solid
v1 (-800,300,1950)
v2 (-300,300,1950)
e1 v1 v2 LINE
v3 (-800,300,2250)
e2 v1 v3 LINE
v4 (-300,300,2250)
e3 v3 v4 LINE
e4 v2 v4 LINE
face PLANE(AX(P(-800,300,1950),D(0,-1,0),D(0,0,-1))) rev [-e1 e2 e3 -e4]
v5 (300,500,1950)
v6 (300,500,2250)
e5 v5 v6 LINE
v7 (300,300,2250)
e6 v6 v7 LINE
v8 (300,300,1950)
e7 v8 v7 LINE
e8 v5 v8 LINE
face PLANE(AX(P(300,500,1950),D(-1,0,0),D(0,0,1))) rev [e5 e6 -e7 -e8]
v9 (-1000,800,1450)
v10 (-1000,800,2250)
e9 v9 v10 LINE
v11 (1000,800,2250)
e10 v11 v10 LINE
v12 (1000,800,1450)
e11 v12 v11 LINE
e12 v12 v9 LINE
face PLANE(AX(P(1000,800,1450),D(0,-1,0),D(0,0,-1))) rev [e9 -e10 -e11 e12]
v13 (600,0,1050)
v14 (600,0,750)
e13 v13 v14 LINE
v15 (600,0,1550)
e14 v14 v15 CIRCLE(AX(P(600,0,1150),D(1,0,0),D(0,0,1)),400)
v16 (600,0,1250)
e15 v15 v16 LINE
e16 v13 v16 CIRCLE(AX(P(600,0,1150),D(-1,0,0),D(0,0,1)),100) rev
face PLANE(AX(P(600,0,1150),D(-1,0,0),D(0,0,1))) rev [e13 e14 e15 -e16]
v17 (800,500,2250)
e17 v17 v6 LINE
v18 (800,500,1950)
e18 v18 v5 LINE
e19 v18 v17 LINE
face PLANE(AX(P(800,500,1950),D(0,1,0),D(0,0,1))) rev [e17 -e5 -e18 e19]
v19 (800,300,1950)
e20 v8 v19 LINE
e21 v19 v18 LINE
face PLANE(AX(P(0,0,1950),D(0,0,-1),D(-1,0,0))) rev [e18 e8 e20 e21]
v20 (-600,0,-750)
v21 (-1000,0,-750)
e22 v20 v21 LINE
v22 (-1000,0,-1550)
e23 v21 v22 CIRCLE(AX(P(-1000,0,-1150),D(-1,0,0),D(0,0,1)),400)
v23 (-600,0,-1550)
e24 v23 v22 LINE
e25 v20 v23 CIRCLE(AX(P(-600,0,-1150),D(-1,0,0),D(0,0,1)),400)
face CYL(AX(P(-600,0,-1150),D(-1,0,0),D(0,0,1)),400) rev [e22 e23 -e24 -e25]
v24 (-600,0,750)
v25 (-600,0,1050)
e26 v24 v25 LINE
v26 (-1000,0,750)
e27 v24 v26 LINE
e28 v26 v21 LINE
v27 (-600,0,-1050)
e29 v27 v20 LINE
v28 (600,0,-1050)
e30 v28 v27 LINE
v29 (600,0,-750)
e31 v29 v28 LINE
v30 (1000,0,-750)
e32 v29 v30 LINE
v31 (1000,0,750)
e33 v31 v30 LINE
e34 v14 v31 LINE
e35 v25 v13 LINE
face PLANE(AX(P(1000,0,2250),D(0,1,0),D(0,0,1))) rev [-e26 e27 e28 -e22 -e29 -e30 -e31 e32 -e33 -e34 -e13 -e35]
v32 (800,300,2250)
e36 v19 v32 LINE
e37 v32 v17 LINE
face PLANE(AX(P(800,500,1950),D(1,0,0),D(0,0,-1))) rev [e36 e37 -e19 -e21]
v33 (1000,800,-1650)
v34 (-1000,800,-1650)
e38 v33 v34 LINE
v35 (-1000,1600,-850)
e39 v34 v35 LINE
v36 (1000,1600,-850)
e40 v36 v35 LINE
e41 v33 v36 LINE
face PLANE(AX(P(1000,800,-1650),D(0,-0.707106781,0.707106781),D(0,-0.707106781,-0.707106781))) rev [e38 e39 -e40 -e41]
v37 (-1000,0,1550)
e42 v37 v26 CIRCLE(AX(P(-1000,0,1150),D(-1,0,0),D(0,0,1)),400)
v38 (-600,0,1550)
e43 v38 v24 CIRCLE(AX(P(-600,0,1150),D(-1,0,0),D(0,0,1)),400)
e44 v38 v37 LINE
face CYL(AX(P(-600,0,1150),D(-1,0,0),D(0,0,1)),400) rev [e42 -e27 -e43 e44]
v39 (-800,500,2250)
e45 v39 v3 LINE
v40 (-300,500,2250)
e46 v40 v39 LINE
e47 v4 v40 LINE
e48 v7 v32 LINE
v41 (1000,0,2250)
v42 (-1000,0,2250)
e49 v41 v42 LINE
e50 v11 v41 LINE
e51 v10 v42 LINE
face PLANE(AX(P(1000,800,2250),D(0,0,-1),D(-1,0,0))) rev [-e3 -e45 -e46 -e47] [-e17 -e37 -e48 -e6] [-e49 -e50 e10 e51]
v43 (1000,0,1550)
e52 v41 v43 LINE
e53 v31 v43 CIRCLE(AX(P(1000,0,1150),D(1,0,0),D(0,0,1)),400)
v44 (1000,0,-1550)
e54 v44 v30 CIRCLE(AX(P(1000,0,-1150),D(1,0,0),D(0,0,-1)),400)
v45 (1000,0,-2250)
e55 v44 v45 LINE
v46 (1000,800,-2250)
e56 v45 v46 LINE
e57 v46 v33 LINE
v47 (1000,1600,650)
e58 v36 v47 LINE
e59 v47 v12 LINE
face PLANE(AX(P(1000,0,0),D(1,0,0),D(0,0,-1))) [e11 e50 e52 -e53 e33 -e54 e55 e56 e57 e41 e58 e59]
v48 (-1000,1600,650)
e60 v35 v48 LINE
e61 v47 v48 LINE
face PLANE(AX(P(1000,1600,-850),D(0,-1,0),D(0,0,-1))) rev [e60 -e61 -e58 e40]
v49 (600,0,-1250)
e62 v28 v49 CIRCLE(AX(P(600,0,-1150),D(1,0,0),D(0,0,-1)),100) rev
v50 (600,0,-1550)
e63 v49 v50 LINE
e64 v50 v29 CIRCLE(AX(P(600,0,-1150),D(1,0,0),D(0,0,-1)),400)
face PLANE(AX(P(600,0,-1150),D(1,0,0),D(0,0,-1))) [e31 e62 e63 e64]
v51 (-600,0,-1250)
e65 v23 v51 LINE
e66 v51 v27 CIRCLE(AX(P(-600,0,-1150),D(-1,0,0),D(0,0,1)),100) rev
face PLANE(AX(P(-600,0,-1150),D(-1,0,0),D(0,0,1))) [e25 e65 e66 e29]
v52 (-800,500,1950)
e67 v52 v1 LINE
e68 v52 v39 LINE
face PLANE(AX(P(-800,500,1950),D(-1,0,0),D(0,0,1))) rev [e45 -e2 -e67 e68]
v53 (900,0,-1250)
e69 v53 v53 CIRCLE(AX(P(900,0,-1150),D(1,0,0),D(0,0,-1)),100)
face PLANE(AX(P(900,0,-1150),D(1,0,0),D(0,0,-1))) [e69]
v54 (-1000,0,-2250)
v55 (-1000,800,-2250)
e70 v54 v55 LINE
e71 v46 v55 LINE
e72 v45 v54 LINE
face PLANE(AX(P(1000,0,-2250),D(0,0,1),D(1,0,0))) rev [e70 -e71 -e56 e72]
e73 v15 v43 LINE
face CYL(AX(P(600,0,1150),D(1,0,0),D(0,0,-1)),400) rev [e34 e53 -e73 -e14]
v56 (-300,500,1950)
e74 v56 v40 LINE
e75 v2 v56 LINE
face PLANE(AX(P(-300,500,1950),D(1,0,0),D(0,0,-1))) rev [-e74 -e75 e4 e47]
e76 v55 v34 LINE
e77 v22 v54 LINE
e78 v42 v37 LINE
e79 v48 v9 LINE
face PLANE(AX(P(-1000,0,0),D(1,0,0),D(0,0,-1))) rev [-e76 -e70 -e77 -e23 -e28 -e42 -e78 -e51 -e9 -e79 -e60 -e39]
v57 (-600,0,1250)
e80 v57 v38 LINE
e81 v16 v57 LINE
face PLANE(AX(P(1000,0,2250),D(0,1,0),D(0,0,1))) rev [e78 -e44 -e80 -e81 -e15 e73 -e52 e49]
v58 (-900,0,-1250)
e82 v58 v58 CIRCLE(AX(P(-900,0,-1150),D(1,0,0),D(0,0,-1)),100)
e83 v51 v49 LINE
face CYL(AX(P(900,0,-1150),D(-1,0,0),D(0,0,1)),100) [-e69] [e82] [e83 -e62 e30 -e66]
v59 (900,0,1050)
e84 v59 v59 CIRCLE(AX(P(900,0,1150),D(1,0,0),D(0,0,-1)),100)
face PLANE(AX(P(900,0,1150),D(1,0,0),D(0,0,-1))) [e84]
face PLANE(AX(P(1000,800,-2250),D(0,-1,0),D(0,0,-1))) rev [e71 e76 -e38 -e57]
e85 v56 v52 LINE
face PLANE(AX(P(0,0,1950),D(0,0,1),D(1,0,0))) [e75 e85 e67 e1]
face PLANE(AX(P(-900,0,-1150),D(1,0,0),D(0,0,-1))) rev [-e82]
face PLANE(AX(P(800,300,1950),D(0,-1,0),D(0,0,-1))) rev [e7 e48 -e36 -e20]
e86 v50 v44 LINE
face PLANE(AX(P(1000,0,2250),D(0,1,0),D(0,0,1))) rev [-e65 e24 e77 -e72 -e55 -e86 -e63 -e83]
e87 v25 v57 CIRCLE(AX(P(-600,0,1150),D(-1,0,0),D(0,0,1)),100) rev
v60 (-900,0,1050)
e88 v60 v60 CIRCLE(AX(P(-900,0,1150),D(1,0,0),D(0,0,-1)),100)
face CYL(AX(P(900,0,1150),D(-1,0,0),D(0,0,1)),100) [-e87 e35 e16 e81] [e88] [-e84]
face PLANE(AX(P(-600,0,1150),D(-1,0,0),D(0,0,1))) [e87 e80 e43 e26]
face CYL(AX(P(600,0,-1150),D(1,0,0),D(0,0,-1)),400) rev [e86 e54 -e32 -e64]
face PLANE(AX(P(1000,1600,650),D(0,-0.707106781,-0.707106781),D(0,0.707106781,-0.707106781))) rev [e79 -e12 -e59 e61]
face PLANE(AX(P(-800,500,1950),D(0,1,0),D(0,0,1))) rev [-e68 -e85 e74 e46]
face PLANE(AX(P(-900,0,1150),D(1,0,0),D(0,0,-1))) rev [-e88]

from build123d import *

# Parameters (mm, degrees)
BOSS_EXTRUDE1_DEPTH = 1000
CUT_EXTRUDE3_DEPTH  = 400
CUT_EXTRUDE4_START  = -400
CUT_EXTRUDE4_DEPTH  = 400
SKETCH7_R           = 100
BOSS_EXTRUDE2_DEPTH = 900
SKETCH8_W           = 500
SKETCH8_H           = 200
CUT_EXTRUDE5_DEPTH  = 300


with BuildPart() as part:
    # Car_Profile → Boss-Extrude1 (new, symmetric)
    with BuildSketch(Plane(origin=(0, 0, 0), x_dir=(0, 0, -1), z_dir=(1, 0, 0))):
        Polygon((2250, 0), (2250, 800), (1650, 800), (850, 1600), (-650, 1600), (-1450, 800), (-2250, 800), (-2250, 0), align=None)
    extrude(amount=BOSS_EXTRUDE1_DEPTH, both=True)

    # Sketch4 → Cut-Extrude3 (cut)
    with BuildSketch(Plane(origin=(1000, 0, 0), x_dir=(0, 0, -1), z_dir=(1, 0, 0))):
        with BuildLine():
            Line((-750, 0), (-1550, 0))
            ThreePointArc((-1550, 0), (-1150, 400), (-750, 0))
        make_face()
        with BuildLine():
            Line((750, 0), (1550, 0))
            ThreePointArc((1550, 0), (1150, 400), (750, 0))
        make_face()
    extrude(amount=-CUT_EXTRUDE3_DEPTH, mode=Mode.SUBTRACT)

    # Sketch6 → Cut-Extrude4 (cut)
    with BuildSketch(Plane.ZY.offset(1000).offset(CUT_EXTRUDE4_START)):
        with BuildLine():
            Line((-750, 0), (-1550, 0))
            ThreePointArc((-1550, 0), (-1150, 400), (-750, 0))
        make_face()
        with BuildLine():
            Line((750, 0), (1550, 0))
            ThreePointArc((1550, 0), (1150, 400), (750, 0))
        make_face()
    extrude(amount=CUT_EXTRUDE4_DEPTH, mode=Mode.SUBTRACT)

    # Sketch7 → Boss-Extrude2 (add, symmetric)
    with BuildSketch(Plane(origin=(0, 0, 0), x_dir=(0, 0, -1), z_dir=(1, 0, 0))):
        with Locations((-1150, 0)):
            Circle(SKETCH7_R)
        with Locations((1150, 0)):
            Circle(SKETCH7_R)
    extrude(amount=BOSS_EXTRUDE2_DEPTH, both=True)

    # Sketch8 → Cut-Extrude5 (cut)
    with BuildSketch(Plane.XY.offset(2250)):
        with Locations((-550, 400)):
            Rectangle(SKETCH8_W, SKETCH8_H)
        with Locations((550, 400)):
            Rectangle(SKETCH8_W, SKETCH8_H)
    extrude(amount=-CUT_EXTRUDE5_DEPTH, mode=Mode.SUBTRACT)


solid = part.part
